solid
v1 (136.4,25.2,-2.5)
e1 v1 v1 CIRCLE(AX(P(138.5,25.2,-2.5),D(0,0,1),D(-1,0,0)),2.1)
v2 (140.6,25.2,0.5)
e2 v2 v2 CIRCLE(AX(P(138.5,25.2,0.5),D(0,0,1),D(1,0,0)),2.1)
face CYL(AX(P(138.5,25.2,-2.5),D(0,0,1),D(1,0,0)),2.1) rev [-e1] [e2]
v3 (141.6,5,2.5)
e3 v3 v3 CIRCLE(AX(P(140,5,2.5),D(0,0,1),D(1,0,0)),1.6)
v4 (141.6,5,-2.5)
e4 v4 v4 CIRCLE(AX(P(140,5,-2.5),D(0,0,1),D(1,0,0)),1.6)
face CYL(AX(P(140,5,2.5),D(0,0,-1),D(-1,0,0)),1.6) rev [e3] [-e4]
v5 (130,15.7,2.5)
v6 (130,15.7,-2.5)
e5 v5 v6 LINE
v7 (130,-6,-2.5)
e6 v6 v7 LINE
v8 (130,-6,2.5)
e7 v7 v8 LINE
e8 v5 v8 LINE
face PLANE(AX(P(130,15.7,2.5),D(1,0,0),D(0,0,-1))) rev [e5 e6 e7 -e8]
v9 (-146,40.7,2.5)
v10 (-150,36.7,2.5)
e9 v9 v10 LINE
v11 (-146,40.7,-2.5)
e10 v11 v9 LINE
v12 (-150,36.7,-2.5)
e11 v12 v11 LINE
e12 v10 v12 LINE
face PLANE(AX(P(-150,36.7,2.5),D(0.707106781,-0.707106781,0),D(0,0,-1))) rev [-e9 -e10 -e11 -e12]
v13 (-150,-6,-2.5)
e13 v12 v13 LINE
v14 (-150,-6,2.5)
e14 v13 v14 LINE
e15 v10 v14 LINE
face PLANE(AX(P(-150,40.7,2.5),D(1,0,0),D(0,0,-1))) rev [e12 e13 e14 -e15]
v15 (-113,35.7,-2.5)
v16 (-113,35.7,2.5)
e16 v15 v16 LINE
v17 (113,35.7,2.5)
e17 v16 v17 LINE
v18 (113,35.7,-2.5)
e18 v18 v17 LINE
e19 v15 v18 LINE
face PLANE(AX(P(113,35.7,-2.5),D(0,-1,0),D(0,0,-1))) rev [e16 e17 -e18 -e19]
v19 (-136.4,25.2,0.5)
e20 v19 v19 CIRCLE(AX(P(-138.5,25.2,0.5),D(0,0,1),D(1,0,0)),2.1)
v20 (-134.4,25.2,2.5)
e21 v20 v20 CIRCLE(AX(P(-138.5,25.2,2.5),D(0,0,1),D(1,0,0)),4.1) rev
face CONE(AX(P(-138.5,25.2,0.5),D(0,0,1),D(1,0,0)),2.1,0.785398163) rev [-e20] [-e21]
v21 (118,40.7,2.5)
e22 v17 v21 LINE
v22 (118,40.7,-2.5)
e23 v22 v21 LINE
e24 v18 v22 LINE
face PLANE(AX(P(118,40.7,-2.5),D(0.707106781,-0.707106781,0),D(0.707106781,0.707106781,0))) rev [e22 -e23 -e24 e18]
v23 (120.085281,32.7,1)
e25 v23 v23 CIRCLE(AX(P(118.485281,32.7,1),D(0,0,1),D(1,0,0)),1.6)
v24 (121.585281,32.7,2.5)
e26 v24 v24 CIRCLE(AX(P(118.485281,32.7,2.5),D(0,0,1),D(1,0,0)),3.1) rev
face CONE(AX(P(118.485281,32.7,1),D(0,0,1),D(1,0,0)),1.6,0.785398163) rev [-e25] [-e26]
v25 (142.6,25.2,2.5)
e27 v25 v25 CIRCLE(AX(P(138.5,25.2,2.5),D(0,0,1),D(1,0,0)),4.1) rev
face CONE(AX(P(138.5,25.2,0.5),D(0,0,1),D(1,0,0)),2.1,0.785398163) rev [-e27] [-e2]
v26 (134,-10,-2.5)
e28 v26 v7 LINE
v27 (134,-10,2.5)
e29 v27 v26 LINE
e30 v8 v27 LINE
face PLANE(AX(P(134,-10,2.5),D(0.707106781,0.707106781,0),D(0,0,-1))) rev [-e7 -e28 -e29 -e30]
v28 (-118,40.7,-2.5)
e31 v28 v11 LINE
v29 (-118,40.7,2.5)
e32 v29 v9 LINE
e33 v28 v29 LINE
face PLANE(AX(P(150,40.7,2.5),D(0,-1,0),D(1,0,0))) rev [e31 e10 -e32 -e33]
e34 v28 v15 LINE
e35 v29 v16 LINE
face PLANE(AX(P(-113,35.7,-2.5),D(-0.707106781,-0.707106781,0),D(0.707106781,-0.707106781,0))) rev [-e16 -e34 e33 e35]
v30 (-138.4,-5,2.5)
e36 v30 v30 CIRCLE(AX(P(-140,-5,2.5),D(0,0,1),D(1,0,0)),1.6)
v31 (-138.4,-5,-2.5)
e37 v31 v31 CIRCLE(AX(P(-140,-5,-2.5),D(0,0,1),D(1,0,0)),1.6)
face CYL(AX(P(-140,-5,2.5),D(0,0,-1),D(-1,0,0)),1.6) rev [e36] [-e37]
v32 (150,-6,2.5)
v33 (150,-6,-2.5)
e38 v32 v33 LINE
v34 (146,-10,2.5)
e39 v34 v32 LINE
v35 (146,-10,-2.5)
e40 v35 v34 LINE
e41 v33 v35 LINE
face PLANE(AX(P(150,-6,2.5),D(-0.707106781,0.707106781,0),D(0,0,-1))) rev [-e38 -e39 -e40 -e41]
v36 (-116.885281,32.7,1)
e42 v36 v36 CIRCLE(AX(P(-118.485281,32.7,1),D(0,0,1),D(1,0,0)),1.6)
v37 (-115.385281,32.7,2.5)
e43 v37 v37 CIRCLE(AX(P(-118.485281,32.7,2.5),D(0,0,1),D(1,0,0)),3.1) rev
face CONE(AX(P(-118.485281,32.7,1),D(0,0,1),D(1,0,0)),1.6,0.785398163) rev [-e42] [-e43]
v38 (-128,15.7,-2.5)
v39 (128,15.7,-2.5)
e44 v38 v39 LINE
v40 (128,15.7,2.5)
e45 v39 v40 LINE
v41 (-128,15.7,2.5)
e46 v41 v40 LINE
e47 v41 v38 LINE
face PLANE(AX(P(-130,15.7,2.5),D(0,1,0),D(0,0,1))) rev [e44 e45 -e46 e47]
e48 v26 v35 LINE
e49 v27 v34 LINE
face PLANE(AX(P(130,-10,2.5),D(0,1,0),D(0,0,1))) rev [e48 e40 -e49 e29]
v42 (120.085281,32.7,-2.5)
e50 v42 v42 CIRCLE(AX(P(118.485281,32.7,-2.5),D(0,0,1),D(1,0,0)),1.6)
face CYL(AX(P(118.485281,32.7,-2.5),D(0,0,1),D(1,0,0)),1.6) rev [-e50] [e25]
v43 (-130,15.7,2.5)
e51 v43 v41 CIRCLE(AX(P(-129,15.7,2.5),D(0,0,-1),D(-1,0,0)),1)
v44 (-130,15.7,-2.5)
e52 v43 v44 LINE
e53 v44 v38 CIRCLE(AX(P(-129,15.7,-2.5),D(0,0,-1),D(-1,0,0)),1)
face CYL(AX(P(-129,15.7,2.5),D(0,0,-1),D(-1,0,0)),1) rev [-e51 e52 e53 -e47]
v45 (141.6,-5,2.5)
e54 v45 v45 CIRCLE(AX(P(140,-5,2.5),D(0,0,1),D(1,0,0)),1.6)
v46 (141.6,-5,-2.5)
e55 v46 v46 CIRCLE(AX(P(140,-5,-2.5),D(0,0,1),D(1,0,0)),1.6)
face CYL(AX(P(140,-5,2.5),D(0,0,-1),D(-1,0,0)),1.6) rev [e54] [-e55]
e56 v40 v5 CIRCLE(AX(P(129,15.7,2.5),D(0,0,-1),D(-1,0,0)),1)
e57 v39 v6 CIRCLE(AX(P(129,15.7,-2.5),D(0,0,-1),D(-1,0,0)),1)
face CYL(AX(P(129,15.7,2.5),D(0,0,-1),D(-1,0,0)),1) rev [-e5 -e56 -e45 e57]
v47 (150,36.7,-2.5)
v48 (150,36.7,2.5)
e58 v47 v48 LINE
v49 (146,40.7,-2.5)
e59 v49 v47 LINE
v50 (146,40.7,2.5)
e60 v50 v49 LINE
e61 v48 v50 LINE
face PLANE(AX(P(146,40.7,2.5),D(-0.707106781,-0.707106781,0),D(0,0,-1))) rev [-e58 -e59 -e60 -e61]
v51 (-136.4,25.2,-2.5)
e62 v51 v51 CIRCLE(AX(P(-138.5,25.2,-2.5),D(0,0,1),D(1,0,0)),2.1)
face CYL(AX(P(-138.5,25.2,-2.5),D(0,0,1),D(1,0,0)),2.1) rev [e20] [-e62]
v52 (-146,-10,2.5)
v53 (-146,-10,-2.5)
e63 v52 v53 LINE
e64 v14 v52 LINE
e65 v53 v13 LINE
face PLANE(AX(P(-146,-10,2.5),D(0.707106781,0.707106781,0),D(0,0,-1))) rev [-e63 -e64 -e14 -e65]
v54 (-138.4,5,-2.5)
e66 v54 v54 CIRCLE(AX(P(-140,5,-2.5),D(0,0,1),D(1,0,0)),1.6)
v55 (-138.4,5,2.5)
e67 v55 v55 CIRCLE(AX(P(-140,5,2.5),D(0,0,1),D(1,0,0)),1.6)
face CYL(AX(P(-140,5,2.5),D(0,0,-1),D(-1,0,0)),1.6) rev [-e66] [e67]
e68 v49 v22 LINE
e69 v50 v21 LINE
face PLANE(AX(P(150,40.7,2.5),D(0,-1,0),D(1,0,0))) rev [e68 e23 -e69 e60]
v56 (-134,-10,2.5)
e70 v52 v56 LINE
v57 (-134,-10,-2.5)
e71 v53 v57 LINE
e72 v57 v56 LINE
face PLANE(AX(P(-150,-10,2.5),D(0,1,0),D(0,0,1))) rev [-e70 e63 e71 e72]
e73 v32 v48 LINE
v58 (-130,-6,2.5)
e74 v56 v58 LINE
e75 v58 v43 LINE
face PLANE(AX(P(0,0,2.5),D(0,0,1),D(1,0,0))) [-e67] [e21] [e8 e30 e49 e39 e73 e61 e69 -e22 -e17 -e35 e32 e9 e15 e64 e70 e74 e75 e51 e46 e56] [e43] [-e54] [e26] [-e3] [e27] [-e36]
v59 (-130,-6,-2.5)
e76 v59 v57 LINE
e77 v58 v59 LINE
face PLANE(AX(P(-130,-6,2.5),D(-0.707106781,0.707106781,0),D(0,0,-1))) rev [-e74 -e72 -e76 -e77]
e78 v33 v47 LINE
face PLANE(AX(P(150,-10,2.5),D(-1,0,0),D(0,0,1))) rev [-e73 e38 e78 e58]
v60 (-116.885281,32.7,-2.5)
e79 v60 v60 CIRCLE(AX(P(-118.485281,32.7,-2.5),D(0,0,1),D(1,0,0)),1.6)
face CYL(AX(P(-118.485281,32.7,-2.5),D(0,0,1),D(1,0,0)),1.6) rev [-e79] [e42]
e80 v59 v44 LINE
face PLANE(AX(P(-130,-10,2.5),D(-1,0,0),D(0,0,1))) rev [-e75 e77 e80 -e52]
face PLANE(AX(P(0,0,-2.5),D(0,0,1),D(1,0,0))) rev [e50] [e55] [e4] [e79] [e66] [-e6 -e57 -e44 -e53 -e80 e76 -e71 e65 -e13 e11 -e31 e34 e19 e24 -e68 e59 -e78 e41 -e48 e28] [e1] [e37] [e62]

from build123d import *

# Parameters (mm, degrees)
SKETCH_1_R          = 1.6
EXTRUDE_1_DEPTH     = 2.5
CUT_EXTRUDE_2_DEPTH = 156.503987087
CHAMFER_2_SIZE      = 4
SKETCH_6_R          = 1
CUT_EXTRUDE_3_DEPTH = 156.503987087
SKETCH_7_R          = 2.1
SKETCH_7_R_2        = 1.6
CUT_EXTRUDE_4_DEPTH = 156.503987087
CHAMFER_3_SIZE      = 1.5
CHAMFER_4_SIZE      = 2


with BuildPart() as part:
    # 草图1 → 凸台-拉伸1 (new, symmetric)
    with BuildSketch(Plane.XY):
        Polygon((-150, 40.7), (-150, -10), (-130, -10), (-130, 15.7), (130, 15.7), (130, -10), (150, -10), (150, 40.7), align=None)
        with Locations((-140, 5)):
            Circle(SKETCH_1_R, mode=Mode.SUBTRACT)
        with Locations((-140, -5)):
            Circle(SKETCH_1_R, mode=Mode.SUBTRACT)
        with Locations((140, 5)):
            Circle(SKETCH_1_R, mode=Mode.SUBTRACT)
        with Locations((140, -5)):
            Circle(SKETCH_1_R, mode=Mode.SUBTRACT)
    extrude(amount=EXTRUDE_1_DEPTH, both=True)

    # 草图4 → 切除-拉伸2 (cut, through all)
    with BuildSketch(Plane.XY.offset(2.5)):
        Polygon((118, 40.7), (113, 35.7), (-113, 35.7), (-118, 40.7), align=None)
    extrude(amount=-CUT_EXTRUDE_2_DEPTH, mode=Mode.SUBTRACT)

    # 倒角2
    chamfer_2_edges = [part.edges().sort_by_distance(p)[0] for p in [
        (-150, -10, 0),
        (-150, 40.7, 0),
        (150, 40.7, 0),
        (150, -10, 0),
        (130, -10, 0),
        (-130, -10, 0),
    ]]
    chamfer(chamfer_2_edges, length=CHAMFER_2_SIZE)

    # 草图6 → 切除-拉伸3 (cut, through all)
    with BuildSketch(Plane(origin=(0, 0, -2.5), x_dir=(-1, 0, 0), z_dir=(0, 0, -1))):
        with Locations((129, 15.7)):
            Circle(SKETCH_6_R)
        with Locations((-129, 15.7)):
            Circle(SKETCH_6_R)
    extrude(amount=-CUT_EXTRUDE_3_DEPTH, mode=Mode.SUBTRACT)

    # 草图7 → 切除-拉伸4 (cut, through all)
    with BuildSketch(Plane.XY.offset(2.5)):
        with Locations((-138.5, 25.2)):
            Circle(SKETCH_7_R)
        with Locations((118.485281374, 32.7)):
            Circle(SKETCH_7_R_2)
        with Locations((-118.485281374, 32.7)):
            Circle(SKETCH_7_R_2)
        with Locations(Location((138.5, 25.2, 0), (0, 0, 180))):
            Circle(SKETCH_7_R)
    extrude(amount=-CUT_EXTRUDE_4_DEPTH, mode=Mode.SUBTRACT)

    # 倒角3
    chamfer_3_edges = [part.edges().sort_by_distance(p)[0] for p in [
        (116.885281374, 32.7, 2.5),
        (-120.085281374, 32.7, 2.5),
    ]]
    chamfer(chamfer_3_edges, length=CHAMFER_3_SIZE)

    # 倒角4
    chamfer_4_edges = [part.edges().sort_by_distance(p)[0] for p in [
        (-140.6, 25.2, 2.5),
        (140.6, 25.2, 2.5),
    ]]
    chamfer(chamfer_4_edges, length=CHAMFER_4_SIZE)


solid = part.part
